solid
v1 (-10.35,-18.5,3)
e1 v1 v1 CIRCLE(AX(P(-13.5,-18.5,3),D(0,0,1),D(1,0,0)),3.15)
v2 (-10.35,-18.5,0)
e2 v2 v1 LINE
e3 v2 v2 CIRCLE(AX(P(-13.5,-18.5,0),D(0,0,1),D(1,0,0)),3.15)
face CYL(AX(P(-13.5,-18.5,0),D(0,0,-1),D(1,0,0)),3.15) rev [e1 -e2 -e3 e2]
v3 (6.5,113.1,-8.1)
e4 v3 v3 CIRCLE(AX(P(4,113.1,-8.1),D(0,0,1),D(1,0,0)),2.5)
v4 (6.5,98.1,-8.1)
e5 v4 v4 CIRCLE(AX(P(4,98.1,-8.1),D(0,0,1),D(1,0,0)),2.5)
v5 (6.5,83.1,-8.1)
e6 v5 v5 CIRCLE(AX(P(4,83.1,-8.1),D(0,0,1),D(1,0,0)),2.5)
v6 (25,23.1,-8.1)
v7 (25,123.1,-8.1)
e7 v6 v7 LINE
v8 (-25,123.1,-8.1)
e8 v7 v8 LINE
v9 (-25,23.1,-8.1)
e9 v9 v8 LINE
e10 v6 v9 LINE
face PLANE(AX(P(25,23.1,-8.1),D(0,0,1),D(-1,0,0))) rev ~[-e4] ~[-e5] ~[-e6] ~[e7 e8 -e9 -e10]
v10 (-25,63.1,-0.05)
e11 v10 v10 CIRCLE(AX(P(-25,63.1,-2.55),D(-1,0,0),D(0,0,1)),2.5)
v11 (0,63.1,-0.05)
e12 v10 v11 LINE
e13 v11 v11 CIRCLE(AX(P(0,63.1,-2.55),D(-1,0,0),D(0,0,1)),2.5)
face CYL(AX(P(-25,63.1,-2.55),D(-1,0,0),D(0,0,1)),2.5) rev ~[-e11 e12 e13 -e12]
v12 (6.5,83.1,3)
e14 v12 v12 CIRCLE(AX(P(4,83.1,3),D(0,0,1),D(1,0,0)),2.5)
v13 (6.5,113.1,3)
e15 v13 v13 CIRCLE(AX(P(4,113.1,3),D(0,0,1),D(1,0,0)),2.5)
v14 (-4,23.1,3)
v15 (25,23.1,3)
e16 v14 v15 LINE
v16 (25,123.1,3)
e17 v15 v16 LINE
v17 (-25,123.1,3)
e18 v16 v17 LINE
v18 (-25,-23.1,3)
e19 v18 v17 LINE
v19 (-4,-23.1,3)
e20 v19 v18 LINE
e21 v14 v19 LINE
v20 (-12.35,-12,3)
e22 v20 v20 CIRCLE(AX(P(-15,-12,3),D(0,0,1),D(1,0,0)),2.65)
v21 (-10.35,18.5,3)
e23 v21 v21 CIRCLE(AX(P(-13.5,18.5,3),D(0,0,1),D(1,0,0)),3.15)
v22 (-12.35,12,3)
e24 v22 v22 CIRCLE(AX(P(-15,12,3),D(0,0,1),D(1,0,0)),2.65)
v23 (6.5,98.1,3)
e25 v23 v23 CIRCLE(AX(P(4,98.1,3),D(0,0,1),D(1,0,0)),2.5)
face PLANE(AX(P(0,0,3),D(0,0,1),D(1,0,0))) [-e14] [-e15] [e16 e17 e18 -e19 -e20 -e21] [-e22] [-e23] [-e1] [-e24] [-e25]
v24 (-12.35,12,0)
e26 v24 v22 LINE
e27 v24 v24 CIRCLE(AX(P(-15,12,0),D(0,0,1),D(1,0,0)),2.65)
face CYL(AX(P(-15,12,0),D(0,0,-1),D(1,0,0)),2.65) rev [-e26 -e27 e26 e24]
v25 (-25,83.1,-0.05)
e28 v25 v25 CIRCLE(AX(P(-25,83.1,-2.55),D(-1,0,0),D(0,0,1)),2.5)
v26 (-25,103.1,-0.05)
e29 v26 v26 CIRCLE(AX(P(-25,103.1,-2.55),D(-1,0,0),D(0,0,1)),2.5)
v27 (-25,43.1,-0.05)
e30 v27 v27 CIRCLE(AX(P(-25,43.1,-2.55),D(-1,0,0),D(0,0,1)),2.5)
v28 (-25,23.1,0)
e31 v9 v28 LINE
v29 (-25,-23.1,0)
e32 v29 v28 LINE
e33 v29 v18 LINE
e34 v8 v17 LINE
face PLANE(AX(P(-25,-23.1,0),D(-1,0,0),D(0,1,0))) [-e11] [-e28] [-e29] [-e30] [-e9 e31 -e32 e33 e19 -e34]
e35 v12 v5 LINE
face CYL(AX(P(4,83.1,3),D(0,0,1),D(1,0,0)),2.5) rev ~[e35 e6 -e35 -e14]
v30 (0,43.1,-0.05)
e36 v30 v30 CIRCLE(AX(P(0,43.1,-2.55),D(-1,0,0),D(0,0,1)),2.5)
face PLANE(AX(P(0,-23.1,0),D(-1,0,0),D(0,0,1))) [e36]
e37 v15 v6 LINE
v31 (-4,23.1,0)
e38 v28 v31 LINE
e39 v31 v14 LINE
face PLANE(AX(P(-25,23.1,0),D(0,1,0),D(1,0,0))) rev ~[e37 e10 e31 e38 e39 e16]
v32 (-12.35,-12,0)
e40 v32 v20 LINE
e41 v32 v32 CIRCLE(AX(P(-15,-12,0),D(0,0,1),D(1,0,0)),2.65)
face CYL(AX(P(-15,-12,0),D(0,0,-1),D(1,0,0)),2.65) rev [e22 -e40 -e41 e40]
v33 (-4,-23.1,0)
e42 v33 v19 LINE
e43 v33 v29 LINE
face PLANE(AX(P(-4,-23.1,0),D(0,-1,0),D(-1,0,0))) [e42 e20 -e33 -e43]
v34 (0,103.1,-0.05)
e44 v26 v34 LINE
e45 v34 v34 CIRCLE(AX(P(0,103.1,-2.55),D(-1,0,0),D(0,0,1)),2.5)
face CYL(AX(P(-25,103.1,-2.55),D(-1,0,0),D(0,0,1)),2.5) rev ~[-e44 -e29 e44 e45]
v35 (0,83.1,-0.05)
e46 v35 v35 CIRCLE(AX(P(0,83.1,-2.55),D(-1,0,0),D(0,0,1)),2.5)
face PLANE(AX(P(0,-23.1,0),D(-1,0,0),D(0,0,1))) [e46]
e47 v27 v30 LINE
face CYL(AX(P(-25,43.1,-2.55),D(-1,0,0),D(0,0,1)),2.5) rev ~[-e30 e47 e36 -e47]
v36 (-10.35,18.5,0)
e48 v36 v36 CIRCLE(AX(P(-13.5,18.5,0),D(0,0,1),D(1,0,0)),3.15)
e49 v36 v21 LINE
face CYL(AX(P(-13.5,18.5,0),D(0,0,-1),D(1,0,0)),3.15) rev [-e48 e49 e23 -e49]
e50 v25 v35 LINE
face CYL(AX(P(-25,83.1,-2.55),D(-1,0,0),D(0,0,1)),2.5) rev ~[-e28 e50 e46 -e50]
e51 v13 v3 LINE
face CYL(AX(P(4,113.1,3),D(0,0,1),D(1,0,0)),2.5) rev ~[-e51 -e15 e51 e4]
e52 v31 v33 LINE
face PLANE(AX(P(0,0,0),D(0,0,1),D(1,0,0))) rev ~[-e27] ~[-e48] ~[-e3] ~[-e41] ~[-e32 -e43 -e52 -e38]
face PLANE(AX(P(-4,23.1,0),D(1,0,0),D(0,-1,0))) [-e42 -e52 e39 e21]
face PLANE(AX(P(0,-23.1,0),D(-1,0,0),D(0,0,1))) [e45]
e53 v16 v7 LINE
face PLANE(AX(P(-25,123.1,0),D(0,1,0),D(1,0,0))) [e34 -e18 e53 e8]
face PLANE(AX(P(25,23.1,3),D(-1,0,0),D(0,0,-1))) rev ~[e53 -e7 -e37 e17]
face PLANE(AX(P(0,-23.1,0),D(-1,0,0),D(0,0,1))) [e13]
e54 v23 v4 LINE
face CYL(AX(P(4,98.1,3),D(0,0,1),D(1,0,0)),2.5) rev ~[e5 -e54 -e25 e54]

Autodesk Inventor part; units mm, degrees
ref_plane "YZ Plane" through (0, 0, 0) normal (1, 0, 0) x (0, 1, 0)
ref_plane "XZ Plane" through (0, 0, 0) normal (0, 1, 0) x (-1, 0, 0)
ref_plane "XY Plane" through (0, 0, 0) normal (0, 0, 1) x (1, 0, 0)
ref_plane "Work Plane1" through (0, 0, 0) normal (0, 0, 1) x (1, 0, 0)
sketch "Sketch1" plane through (0, 0, 0) normal (0, 0, 1) x (1, 0, 0)
  circle A0 centre (-13.5, -18.5) radius 3.15 projected
  circle A1 centre (-13.5, 18.5) radius 3.15 projected
  line L0 (-25, -23) -> (25, -23) construction
  line L1 (25, -23) -> (25, 23) projected
  line L2 (25, 23) -> (-25, 23) construction
  line L3 (-25, 23) -> (-25, -23) construction
  circle A2 centre (-15, 12) radius 2.65 projected
  circle A3 centre (-15, -12) radius 2.65 projected
  circle A4 centre (12, 0) radius 4.15 projected
  line L4 (-25, -11.95) -> (-20, -11.95) construction
  line L5 (-20, -11.95) -> (-20, -7.95) construction
  line L6 (-20, -7.95) -> (-25, -7.95) construction
  line L7 (-25, 7.95) -> (-25, -7.95) construction
  line L8 (-25, 7.95) -> (-20, 7.95) construction
  line L9 (-20, 7.95) -> (-20, 11.95) construction
  line L10 (-20, 11.95) -> (-25, 11.95) construction
  line L11 (-25, 19.95) -> (-25, 11.95) construction
  line L12 (-25, 19.95) -> (-4, 19.95) construction
  line L13 (-4, 11.95) -> (-4, 19.95) construction
  line L14 (-4, 11.95) -> (-9, 11.95) construction
  line L15 (-9, 11.95) -> (-9, 7.95) construction
  line L16 (-9, 7.95) -> (-4, 7.95) construction
  line L17 (-4, -7.95) -> (-4, 7.95) construction
  line L18 (-4, -7.95) -> (-9, -7.95) construction
  line L19 (-9, -7.95) -> (-9, -11.95) construction
  line L20 (-9, -11.95) -> (-4, -11.95) construction
  line L21 (-4, -19.95) -> (-4, -11.95) construction
  line L22 (-4, -19.95) -> (-25, -19.95) construction
  line L23 (-25, -11.95) -> (-25, -19.95) construction
  line L24 (-4, -23.1) -> (-25, -23.1)
  line L25 (-25, -23.1) -> (-25, 23.1)
  line L26 (-25, 23.1) -> (-4, 23.1)
  line L27 (-4, 23.1) -> (-4, -23.1)
  point P0 (0, 0)
  dimension "d3" = 0.1
  dimension "d4" = 0.1
extrude "Extrusion1" add sketch "Sketch1" along normal blind 3 contours L24 L25 L26 L27
sketch "Sketch3" plane through (-25, 23.1, 0) normal (0, 1, 0) x (1, 0, 0)
  line L0 (50, 8.1) -> (0, 8.1) construction
  line L1 (0, 8.1) -> (0, 0.1) construction
  line L2 (50, 0.1) -> (0, 0.1) construction
  line L3 (50, 8.1) -> (50, 0.1) construction
  line L4 (21, 0) -> (0, 0) construction
  line L5 (0, 0) -> (0, -3) construction
  line L6 (21, -3) -> (0, -3) construction
  line L7 (21, 0) -> (21, -3) construction
  line L8 (21, -3) -> (0, -3) projected
  line L9 (0, -3) -> (50, -3)
  line L10 (50, -3) -> (50, 8.1)
  line L11 (50, 8.1) -> (0, 8.1)
  line L12 (0, 8.1) -> (0, -3)
  point P0 (25, 0)
extrude "Extrusion2" add sketch "Sketch3" along normal blind 100
sketch "Sketch5" plane through (-25, -23.1, 0) normal (-1, 0, 0) x (0, 0, 1)
  circle A0 centre (-2.55, 126.2) radius 2.65 construction
  circle A1 centre (-2.55, 106.2) radius 2.65 construction
  circle A2 centre (-2.55, 86.2) radius 2.65 construction
  circle A3 centre (-2.55, 66.2) radius 2.65 construction
  circle A4 centre (-2.55, 126.2) radius 2.5
  line L0 (-2.55, 126.2) -> (-2.55, 106.2) construction
  circle A5 centre (-2.55, 106.2) radius 2.5
  circle A6 centre (-2.55, 86.2) radius 2.5
  circle A7 centre (-2.55, 66.2) radius 2.5
  point P0 (0, 23.1)
  dimension "d17" = 5
  dimension "d20" = 20
extrude "Extrusion4" cut sketch "Sketch5" against normal blind 25
sketch "Sketch6" plane through (0, 0, 3) normal (0, 0, 1) x (1, 0, 0)
  circle A0 centre (4, 83.1) radius 2.65 construction
  circle A1 centre (4, 98.1) radius 2.65 construction
  circle A2 centre (4, 113.1) radius 2.65 construction
  circle A3 centre (4, 83.1) radius 2.5
  circle A4 centre (4, 98.1) radius 2.5
  circle A5 centre (4, 113.1) radius 2.5
  point P0 (0, 0)
  dimension "d27" = 5
  dimension "d28" = 5
  dimension "d29" = 5
extrude "Extrusion5" cut sketch "Sketch6" against normal through all
equation "\"d4\" = d3"
properties part number "endcap insert"
